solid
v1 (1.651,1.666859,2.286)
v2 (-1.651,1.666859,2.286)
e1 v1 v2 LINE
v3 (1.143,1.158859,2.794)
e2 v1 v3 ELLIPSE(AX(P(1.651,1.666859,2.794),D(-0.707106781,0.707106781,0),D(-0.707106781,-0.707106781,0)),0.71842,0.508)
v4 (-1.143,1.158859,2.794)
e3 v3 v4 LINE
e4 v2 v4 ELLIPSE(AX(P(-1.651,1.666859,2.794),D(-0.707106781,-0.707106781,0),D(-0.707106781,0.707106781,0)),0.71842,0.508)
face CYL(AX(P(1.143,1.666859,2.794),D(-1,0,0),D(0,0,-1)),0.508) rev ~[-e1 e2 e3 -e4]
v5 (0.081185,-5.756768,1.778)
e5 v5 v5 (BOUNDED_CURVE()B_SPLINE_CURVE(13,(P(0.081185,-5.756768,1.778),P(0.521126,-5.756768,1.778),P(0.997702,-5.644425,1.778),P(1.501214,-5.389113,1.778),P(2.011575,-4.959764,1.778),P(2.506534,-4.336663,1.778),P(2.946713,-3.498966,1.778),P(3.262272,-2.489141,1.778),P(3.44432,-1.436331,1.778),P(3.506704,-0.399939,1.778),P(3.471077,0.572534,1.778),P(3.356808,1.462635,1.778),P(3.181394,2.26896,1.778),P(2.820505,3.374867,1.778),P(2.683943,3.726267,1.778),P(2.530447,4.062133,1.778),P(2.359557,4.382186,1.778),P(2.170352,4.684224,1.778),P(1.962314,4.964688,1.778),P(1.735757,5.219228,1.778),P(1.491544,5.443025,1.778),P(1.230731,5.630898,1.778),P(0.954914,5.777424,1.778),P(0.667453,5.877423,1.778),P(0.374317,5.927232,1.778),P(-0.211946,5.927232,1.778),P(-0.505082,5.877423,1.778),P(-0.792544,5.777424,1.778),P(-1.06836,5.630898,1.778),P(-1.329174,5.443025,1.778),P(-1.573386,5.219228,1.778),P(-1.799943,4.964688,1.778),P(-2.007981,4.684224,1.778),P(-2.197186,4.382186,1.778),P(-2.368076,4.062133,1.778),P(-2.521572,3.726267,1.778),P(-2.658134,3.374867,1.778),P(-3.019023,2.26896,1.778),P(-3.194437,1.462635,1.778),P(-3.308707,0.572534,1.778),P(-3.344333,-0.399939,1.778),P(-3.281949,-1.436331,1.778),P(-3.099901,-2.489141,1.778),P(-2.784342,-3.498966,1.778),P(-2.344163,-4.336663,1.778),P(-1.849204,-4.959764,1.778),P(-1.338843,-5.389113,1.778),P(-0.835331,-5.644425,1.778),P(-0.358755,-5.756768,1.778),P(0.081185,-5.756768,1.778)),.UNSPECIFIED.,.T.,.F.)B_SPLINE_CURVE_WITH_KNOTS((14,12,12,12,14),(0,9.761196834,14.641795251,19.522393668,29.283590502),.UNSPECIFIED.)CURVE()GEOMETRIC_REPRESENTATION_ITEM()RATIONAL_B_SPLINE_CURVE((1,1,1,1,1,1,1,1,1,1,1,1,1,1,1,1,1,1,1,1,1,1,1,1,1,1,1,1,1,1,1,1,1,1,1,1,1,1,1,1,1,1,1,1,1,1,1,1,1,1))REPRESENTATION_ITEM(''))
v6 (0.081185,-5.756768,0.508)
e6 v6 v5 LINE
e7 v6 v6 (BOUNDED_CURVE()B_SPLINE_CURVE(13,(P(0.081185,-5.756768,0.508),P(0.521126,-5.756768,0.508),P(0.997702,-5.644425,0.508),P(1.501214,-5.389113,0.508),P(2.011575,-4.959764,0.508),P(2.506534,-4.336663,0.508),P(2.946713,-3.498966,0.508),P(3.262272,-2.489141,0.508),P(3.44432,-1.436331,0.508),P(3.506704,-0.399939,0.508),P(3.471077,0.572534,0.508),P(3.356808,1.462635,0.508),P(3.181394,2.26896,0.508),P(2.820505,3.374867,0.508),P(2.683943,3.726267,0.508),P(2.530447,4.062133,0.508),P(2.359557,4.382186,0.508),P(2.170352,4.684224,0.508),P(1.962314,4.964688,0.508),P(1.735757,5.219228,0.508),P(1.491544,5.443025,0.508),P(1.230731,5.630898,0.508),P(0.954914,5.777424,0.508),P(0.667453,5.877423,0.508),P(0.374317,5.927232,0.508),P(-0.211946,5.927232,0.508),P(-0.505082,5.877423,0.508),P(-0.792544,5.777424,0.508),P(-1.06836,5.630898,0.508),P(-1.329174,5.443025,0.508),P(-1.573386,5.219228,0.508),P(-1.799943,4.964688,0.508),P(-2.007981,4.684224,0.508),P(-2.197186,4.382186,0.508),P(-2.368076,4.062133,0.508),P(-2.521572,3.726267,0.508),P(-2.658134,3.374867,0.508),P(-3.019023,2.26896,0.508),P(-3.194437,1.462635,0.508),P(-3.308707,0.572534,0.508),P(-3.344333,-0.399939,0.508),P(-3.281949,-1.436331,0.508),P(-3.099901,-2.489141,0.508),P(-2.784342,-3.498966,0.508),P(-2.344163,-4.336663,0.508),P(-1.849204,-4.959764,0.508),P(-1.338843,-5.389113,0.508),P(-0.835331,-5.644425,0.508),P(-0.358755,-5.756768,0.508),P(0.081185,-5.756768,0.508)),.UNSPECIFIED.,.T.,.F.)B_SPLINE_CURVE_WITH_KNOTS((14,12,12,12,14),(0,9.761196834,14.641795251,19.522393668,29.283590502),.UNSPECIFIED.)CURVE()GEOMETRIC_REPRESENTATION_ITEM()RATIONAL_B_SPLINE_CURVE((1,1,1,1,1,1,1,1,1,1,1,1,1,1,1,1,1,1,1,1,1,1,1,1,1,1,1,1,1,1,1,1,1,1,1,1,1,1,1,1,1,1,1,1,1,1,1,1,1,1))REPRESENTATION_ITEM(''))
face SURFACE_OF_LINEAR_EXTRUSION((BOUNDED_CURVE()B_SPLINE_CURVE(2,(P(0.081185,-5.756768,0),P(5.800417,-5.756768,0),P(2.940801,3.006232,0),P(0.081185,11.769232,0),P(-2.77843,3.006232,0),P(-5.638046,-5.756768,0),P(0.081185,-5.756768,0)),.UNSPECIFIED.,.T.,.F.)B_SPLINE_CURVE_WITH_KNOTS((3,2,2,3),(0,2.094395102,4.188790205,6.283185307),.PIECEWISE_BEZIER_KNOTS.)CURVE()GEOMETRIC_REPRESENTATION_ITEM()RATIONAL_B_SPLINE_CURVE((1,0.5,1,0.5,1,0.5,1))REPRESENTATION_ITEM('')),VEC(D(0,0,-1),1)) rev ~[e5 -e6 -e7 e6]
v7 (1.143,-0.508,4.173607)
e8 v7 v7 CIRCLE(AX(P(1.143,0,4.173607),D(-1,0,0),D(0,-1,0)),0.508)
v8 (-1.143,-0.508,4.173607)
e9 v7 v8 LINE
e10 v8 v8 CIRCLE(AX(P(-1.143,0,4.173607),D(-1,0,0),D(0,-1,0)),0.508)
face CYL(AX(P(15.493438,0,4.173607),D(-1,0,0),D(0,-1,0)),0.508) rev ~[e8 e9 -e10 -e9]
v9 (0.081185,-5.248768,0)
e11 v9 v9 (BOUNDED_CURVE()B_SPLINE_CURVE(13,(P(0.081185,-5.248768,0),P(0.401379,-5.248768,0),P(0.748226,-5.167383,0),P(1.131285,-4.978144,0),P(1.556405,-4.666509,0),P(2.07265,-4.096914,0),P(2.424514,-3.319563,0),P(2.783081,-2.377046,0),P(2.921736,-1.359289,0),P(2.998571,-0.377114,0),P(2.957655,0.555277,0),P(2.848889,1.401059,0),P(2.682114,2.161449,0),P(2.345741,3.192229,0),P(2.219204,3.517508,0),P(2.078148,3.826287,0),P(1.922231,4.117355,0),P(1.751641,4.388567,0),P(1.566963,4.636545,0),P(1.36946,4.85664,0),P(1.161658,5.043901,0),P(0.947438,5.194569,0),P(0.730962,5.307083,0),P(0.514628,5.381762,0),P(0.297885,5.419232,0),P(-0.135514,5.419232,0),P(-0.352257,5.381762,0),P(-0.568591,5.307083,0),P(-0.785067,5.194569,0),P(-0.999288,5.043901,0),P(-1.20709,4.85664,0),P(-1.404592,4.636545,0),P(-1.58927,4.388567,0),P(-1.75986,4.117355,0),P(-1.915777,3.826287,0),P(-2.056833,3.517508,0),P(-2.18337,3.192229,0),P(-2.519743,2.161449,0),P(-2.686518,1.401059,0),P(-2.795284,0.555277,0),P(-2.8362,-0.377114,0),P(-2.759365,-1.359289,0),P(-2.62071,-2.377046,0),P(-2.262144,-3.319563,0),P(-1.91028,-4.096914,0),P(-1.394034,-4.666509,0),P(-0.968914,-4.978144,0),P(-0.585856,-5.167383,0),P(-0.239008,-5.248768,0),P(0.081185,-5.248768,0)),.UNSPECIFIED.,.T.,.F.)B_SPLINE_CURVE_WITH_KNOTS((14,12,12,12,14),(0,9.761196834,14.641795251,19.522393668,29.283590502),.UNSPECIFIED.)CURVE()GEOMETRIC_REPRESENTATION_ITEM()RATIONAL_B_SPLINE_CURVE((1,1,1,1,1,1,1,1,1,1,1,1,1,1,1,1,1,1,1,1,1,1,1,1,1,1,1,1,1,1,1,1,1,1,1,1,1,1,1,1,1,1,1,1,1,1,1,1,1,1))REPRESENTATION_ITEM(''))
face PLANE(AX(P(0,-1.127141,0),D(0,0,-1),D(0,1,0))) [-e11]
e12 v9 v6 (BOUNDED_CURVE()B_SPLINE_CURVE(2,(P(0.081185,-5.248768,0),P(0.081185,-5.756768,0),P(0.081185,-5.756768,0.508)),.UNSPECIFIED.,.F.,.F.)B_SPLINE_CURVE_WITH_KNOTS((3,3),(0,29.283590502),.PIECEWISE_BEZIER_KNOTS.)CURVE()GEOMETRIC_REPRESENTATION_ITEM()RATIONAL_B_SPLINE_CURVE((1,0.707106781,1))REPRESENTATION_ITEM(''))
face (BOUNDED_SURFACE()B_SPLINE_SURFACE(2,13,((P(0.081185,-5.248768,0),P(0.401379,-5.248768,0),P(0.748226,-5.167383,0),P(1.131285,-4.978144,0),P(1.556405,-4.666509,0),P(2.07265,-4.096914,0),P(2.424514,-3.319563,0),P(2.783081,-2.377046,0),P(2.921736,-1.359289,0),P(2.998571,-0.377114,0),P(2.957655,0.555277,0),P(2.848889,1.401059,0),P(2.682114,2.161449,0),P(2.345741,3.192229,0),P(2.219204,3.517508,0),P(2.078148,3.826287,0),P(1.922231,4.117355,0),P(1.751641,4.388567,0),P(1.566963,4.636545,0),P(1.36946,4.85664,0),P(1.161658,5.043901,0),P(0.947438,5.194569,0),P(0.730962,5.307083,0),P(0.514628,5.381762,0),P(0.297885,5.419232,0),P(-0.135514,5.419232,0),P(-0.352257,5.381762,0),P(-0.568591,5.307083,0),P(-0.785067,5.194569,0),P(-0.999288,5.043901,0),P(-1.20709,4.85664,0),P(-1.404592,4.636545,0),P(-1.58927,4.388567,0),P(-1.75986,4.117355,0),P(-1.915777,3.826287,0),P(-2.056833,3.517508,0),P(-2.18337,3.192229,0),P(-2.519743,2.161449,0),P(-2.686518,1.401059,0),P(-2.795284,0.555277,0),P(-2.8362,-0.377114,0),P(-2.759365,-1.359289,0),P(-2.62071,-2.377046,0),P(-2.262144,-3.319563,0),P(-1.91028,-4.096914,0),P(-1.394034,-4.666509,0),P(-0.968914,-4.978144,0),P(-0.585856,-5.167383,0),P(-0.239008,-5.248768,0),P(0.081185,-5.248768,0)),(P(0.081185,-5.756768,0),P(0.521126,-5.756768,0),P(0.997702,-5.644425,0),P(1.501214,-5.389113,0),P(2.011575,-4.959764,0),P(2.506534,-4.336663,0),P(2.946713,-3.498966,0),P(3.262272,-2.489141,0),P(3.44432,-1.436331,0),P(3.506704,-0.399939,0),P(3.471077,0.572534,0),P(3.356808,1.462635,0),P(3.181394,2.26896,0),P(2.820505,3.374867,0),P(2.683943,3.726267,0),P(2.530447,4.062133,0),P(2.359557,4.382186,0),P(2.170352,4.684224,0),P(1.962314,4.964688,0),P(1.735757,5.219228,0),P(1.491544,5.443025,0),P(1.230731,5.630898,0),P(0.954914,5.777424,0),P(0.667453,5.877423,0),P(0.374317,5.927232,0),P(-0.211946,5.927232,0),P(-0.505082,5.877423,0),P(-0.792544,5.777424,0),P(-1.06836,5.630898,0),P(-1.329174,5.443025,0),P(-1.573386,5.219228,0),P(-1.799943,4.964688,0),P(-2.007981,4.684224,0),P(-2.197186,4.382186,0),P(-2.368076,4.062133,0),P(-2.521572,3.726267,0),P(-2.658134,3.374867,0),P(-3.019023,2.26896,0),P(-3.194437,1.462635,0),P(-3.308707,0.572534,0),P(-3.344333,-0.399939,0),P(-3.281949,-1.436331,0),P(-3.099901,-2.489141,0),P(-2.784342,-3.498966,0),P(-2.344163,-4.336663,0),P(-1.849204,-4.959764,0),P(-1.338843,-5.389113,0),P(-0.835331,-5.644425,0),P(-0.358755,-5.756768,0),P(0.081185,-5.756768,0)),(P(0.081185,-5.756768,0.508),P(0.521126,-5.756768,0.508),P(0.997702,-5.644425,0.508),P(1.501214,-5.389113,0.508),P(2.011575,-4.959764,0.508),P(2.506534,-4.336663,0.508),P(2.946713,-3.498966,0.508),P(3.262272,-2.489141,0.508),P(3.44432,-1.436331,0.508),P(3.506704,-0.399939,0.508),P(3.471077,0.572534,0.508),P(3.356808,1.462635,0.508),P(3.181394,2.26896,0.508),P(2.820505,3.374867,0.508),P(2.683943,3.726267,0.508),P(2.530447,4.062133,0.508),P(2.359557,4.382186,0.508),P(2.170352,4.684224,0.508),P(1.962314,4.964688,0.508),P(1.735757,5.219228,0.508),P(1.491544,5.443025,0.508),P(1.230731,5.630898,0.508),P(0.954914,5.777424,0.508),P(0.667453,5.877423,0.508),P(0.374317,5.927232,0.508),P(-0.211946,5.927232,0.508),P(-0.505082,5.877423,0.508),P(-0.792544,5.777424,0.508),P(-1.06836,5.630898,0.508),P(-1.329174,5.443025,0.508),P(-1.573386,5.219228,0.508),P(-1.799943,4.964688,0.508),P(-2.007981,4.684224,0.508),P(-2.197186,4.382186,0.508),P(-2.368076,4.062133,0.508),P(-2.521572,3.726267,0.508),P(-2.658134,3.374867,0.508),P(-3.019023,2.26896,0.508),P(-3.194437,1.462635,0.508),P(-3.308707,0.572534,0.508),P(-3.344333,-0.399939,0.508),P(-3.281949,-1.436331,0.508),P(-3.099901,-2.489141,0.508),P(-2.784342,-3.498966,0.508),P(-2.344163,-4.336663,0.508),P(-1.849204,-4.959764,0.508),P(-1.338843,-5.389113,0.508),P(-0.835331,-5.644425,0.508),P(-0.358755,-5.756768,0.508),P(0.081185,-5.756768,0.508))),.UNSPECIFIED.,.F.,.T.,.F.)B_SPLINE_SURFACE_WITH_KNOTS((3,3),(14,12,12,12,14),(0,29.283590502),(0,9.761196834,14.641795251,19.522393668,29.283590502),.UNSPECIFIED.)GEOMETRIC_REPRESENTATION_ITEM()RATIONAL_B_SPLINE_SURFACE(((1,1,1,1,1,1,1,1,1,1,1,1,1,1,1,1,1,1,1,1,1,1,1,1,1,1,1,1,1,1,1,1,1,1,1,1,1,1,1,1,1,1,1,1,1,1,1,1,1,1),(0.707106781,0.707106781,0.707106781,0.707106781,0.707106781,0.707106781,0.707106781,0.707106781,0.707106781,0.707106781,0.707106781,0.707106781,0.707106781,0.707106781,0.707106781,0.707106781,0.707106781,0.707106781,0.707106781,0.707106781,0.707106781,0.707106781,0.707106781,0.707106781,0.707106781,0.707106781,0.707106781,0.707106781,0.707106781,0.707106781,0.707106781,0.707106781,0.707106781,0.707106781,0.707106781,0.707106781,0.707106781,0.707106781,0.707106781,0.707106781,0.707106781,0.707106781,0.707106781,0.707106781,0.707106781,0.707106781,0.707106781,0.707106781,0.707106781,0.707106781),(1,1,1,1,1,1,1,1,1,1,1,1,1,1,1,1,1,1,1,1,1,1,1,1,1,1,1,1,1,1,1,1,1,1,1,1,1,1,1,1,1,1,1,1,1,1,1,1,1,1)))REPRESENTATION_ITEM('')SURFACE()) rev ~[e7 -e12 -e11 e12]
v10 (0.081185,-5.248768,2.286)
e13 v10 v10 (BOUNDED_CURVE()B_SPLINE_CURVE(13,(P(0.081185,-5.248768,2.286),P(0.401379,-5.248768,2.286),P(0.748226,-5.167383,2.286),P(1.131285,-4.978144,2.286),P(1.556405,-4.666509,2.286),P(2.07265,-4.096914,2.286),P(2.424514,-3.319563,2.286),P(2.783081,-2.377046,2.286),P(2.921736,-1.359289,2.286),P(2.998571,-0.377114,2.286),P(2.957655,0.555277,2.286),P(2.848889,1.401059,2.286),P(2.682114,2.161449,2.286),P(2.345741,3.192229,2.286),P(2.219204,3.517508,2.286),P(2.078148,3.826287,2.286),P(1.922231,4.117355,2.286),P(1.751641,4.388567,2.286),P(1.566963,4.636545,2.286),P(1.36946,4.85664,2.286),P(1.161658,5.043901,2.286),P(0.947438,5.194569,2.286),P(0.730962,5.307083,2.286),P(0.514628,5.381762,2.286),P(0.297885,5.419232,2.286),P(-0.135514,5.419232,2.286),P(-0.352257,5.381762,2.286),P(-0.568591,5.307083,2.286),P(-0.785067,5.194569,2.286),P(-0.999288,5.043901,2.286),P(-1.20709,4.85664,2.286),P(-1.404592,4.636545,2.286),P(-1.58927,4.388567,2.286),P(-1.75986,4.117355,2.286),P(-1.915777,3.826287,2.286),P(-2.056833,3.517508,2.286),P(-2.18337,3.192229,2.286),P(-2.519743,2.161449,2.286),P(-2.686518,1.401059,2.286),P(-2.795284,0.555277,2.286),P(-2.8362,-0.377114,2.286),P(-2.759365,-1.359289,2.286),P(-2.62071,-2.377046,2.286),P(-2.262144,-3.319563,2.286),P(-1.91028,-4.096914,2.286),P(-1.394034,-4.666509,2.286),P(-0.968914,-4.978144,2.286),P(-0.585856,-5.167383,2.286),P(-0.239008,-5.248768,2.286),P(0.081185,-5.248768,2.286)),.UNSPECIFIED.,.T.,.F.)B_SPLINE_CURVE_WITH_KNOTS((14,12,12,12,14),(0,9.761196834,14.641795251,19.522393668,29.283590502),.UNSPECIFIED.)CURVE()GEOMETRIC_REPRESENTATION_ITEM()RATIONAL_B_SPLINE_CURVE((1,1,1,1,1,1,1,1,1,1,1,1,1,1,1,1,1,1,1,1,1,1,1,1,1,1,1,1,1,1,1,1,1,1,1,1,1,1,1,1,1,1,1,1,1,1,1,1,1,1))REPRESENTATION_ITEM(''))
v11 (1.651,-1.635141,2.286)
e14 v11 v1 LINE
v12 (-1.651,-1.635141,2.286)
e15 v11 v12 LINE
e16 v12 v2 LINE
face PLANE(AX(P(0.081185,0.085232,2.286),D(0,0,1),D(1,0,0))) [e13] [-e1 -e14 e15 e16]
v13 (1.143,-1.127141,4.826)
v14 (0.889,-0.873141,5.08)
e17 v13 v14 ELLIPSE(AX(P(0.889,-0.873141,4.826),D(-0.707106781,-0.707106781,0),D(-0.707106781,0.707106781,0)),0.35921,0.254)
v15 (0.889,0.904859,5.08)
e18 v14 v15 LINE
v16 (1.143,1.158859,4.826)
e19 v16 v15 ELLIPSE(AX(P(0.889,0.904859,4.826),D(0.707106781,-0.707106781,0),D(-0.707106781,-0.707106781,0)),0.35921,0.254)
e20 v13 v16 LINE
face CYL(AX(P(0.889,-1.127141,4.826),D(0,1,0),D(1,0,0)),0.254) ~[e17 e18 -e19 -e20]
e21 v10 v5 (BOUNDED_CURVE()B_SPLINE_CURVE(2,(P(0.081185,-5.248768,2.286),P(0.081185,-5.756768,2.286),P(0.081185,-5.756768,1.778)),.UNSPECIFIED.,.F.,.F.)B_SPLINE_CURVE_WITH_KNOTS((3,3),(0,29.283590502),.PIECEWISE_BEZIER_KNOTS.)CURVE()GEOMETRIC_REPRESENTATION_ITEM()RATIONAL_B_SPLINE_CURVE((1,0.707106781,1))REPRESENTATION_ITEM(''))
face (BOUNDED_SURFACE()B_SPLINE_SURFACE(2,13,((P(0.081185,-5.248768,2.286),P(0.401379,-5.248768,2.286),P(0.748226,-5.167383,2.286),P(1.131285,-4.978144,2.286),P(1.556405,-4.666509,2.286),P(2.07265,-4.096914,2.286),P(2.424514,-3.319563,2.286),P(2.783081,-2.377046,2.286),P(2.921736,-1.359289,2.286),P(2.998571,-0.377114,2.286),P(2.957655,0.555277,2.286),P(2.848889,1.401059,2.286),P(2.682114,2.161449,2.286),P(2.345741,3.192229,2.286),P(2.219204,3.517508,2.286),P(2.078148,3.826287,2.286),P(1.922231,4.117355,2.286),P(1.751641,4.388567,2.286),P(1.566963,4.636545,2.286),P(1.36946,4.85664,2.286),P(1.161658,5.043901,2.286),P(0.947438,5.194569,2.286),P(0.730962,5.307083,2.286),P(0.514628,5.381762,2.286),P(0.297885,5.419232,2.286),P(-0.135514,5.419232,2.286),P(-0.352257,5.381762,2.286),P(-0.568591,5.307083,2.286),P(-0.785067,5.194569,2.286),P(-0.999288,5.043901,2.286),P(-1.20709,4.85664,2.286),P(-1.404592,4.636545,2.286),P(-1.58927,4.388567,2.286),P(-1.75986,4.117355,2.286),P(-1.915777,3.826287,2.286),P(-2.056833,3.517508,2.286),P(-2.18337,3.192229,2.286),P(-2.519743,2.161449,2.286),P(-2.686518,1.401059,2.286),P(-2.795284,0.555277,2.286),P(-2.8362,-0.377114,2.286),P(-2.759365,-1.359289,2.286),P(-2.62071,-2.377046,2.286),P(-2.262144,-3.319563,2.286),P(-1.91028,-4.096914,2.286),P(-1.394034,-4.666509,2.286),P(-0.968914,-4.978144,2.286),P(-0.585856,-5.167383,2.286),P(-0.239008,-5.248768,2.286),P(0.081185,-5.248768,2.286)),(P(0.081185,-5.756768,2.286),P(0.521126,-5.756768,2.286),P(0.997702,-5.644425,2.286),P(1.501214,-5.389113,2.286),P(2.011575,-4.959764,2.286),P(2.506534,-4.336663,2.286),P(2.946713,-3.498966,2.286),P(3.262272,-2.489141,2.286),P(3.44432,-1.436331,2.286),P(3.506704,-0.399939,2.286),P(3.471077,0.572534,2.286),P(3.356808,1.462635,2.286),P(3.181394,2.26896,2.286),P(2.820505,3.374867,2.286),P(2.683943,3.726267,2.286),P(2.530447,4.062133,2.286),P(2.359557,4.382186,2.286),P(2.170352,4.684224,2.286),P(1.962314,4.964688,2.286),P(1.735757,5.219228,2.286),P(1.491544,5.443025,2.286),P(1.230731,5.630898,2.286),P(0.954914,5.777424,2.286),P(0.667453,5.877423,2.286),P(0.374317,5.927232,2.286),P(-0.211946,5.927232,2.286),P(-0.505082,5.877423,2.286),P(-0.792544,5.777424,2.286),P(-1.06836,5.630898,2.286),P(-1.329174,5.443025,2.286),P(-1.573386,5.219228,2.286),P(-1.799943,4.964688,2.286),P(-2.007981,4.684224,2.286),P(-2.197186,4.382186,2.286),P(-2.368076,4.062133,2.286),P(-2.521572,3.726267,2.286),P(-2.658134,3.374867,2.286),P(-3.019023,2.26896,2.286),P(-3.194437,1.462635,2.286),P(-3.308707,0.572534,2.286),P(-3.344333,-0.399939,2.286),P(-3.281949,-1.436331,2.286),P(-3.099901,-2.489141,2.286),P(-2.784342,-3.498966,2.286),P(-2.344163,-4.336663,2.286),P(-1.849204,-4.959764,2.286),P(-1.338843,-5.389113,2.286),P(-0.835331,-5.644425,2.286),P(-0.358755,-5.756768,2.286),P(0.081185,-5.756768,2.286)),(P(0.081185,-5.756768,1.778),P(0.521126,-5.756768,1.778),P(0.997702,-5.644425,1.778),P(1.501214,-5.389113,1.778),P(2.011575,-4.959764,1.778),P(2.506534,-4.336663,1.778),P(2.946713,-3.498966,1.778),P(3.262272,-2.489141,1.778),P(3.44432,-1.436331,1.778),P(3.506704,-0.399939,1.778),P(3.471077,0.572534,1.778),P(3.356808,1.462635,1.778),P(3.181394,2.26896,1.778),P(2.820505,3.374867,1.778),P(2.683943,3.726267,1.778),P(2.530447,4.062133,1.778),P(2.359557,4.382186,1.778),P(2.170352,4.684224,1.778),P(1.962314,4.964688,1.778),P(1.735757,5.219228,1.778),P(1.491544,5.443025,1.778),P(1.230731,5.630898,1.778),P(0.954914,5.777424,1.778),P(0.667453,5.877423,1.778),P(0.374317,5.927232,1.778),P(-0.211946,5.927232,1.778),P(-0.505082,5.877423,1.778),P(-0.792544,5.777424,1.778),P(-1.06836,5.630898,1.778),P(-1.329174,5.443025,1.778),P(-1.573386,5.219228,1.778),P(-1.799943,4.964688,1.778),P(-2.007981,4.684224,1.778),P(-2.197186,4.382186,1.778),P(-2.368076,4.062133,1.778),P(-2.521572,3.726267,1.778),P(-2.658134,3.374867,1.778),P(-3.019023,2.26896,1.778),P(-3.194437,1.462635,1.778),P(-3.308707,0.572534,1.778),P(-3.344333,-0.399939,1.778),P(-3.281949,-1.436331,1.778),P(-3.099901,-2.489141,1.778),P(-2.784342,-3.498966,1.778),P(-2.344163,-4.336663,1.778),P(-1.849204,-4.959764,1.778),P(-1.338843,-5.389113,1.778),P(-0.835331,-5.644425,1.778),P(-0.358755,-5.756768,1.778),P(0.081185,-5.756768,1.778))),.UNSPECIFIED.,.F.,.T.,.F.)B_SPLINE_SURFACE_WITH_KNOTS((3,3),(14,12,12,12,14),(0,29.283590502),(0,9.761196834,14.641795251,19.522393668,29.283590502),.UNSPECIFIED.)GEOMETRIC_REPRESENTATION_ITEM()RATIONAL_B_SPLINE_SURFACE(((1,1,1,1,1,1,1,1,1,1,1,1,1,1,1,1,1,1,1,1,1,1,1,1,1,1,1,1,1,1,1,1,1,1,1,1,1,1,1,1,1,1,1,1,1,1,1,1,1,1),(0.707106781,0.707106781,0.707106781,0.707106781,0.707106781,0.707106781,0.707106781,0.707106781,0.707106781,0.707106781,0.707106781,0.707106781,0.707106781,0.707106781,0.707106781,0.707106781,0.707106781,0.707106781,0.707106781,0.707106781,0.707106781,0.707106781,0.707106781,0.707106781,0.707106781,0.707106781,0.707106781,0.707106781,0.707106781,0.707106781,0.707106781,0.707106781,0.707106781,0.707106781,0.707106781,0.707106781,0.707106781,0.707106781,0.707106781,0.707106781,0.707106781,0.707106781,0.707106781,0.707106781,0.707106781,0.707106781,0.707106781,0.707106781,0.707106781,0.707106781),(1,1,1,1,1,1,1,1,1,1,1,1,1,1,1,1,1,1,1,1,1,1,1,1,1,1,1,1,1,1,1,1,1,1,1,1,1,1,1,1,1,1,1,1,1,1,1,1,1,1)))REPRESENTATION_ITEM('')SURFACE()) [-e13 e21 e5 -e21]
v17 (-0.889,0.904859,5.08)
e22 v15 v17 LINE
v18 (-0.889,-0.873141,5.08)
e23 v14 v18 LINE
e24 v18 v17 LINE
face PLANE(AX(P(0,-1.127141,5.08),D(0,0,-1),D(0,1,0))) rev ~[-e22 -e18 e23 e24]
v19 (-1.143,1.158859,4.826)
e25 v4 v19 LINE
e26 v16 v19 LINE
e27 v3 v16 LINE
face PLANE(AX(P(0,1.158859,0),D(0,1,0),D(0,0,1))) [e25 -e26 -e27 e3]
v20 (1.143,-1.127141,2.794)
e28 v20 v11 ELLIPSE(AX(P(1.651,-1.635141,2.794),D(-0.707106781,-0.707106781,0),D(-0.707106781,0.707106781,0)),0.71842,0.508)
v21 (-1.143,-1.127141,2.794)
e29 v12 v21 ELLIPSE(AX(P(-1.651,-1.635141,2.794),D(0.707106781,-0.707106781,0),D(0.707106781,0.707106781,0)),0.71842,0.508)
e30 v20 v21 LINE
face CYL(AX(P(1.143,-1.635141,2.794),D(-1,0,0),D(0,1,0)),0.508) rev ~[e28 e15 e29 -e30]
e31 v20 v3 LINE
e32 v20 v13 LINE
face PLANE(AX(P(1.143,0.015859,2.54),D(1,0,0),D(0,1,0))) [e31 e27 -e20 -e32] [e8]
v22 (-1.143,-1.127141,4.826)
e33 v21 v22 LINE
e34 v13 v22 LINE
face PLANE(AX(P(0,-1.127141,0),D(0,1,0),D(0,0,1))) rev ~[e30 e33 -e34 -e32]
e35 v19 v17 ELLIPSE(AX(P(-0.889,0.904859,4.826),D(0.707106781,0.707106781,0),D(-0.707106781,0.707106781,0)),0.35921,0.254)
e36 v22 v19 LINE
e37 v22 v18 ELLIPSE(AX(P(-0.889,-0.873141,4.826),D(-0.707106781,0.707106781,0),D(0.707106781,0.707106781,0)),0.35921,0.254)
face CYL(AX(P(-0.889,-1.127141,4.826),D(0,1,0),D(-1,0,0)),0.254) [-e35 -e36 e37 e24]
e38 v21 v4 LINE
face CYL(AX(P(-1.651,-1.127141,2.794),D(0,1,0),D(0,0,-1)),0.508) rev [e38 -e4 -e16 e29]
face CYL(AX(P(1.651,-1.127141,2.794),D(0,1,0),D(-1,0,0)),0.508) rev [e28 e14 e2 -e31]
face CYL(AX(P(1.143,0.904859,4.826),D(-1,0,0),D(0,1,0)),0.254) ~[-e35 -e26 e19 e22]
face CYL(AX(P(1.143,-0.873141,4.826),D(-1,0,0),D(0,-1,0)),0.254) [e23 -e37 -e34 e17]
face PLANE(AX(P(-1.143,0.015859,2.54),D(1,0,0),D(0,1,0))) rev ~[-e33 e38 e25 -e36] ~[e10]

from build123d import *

# Parameters (mm, degrees)
F2_DEPTH = 2.286
F1_W     = 2.286
F1_H     = 5.08
F3_DEPTH = 1.143
F5_D     = 1.016
F6_R     = 0.508
F7_R     = 0.254
F8_R     = 0.508


with BuildPart() as f2:
    # F0 (on Top) → F2 (new body)
    with BuildSketch(Plane.XY):
        with BuildLine():
            add(Edge.make_bspline(
                [(0.0811854101, -5.7567684603), (5.8004171767, -5.7567684603), (2.9408012934, 3.0062315397), (0.0811854101, 11.7692315397), (-2.7784304732, 3.0062315397), (-5.6380463565, -5.7567684603), (0.0811854101, -5.7567684603)],
                knots=[0, 0, 0, 2.0943951024, 2.0943951024, 4.1887902048, 4.1887902048, 6.2831853072, 6.2831853072, 6.2831853072], degree=2, weights=[1, 0.5, 1, 0.5, 1, 0.5, 1]))
        make_face()
    extrude(amount=F2_DEPTH)

    # F1 (on Right) → F3 (join, symmetric)
    with BuildSketch(Plane.YZ):
        with Locations((0.0158594397, 2.54)):
            Rectangle(F1_W, F1_H)
    extrude(amount=F3_DEPTH, both=True)

    # F5 (through all)
    with Locations(Plane.YZ.offset(1.143)):
        with Locations((0, 4.1736070998)):
            Hole(F5_D / 2)

    # F6
    f6_edges = [f2.edges().sort_by_distance(p)[0] for p in [
        (0.081186, 5.927232, 0),
    ]]
    fillet(f6_edges, radius=F6_R)

    # F7
    f7_edges = [f2.edges().sort_by_distance(p)[0] for p in [
        (0, 1.158859, 5.08),
        (-1.143, 0.015859, 5.08),
        (0, -1.127141, 5.08),
        (1.143, 0.015859, 5.08),
    ]]
    fillet(f7_edges, radius=F7_R)

    # F8
    f8_edges = [f2.edges().sort_by_distance(p)[0] for p in [
        (0.081186, 5.927232, 2.286),
        (0, 1.158859, 2.286),
        (-1.143, 0.015859, 2.286),
        (0, -1.127141, 2.286),
        (1.143, 0.015859, 2.286),
    ]]
    fillet(f8_edges, radius=F8_R)


solid = f2.part
